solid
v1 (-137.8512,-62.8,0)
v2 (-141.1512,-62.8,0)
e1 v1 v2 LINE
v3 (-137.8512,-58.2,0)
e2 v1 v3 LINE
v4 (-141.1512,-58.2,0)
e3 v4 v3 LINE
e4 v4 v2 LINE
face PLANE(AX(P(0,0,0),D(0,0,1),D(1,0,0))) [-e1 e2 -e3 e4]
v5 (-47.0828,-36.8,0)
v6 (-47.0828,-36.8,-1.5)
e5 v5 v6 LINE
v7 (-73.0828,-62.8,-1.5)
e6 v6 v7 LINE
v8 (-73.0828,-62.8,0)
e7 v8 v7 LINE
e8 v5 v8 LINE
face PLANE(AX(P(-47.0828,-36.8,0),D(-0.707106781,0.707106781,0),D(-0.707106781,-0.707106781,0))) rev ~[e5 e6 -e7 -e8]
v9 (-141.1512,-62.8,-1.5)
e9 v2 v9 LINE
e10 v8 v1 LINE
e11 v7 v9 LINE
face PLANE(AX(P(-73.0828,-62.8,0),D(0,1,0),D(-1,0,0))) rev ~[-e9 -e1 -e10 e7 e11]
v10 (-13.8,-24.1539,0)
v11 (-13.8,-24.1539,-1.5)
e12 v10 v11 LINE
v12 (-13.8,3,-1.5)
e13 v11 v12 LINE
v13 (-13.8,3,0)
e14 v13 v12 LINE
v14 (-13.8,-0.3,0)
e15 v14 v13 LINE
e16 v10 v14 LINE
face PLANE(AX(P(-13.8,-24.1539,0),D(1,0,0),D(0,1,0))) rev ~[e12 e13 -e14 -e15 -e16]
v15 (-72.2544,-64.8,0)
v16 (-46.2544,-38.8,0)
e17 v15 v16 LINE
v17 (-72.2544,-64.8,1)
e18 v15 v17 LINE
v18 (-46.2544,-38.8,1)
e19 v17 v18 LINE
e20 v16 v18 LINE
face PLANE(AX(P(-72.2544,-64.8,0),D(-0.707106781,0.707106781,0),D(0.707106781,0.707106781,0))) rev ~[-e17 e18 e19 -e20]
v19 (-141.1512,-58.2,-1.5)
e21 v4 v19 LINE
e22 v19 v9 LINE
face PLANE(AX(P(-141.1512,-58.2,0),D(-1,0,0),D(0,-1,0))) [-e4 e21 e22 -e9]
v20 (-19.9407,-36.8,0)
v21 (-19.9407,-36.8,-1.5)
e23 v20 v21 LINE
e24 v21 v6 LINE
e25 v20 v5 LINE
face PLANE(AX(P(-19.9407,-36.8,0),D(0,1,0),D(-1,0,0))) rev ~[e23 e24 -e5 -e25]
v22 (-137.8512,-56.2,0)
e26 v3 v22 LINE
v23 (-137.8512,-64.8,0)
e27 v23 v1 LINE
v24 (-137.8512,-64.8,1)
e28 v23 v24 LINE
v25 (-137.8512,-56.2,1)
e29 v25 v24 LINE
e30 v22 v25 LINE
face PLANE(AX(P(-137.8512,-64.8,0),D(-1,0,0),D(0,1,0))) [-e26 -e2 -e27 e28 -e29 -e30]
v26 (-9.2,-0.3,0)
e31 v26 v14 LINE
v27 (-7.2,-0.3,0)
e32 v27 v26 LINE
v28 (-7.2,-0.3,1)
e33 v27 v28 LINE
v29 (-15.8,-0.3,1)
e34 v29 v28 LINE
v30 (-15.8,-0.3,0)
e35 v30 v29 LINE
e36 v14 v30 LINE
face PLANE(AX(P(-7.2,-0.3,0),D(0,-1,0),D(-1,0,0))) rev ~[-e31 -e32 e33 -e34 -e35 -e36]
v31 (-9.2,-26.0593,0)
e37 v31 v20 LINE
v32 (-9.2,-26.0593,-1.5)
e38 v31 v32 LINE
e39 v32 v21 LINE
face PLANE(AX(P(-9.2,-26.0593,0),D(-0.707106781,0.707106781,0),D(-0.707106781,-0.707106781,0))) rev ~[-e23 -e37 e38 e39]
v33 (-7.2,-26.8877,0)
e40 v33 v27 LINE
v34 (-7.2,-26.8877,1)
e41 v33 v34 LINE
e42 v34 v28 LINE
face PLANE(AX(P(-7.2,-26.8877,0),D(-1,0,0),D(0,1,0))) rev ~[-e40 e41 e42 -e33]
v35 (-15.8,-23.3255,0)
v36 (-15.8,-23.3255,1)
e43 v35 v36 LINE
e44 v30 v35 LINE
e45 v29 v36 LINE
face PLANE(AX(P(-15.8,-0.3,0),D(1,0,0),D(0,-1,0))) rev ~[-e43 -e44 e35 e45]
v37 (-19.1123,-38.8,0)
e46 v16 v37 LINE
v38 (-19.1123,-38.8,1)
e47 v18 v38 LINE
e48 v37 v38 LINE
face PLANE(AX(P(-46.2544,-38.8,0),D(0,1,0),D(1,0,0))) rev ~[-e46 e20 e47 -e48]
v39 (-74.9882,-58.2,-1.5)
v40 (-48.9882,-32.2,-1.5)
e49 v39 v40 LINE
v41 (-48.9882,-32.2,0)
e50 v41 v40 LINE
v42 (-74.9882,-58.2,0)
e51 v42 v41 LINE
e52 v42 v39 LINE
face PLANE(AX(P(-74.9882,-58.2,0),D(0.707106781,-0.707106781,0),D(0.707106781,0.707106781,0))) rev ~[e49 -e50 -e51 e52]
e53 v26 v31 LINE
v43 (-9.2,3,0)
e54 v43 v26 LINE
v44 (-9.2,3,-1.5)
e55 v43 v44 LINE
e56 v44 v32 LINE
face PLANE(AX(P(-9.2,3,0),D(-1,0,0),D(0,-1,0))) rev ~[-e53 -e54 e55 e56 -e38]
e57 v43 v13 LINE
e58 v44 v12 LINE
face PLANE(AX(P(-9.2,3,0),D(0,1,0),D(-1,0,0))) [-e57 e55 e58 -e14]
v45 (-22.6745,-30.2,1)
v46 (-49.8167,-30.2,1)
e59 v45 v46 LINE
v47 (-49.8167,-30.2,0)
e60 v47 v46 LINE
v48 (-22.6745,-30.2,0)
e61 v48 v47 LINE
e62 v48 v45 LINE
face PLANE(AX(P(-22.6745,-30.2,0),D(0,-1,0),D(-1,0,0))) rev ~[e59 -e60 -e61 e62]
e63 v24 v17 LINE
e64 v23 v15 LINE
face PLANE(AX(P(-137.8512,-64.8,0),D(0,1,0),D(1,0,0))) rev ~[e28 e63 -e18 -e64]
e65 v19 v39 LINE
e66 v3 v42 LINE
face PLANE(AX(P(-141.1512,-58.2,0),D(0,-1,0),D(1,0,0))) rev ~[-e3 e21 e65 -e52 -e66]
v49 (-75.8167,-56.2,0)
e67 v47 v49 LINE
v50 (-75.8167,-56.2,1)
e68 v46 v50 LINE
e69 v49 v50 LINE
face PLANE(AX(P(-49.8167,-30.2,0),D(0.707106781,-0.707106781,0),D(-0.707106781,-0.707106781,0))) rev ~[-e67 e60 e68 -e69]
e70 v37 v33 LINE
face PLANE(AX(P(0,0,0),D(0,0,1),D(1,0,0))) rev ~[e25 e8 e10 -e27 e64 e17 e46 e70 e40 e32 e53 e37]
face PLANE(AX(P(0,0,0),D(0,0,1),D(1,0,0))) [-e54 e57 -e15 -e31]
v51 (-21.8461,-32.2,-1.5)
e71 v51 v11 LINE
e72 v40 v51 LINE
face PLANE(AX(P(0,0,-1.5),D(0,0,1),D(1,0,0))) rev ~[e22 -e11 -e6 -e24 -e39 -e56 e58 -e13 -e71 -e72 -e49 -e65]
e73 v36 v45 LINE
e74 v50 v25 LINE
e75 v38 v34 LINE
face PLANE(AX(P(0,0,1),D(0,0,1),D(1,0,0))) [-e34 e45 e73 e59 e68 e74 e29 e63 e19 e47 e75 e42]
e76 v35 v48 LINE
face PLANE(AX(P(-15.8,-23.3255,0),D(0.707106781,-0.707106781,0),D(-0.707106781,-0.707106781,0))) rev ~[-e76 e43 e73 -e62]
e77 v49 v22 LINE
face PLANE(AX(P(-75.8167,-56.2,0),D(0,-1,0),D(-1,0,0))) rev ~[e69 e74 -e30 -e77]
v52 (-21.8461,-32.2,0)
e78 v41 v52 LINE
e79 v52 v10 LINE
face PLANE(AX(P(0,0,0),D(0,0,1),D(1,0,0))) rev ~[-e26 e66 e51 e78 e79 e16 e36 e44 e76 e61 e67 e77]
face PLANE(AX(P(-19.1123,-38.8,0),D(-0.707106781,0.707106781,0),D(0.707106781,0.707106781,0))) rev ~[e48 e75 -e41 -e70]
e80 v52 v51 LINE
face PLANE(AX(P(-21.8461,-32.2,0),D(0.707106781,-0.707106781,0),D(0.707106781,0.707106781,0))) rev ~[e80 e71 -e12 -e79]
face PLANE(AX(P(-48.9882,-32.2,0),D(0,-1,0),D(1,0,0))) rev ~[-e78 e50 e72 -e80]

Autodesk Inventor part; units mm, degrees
ref_plane "YZ Plane" through (0, 0, 0) normal (1, 0, 0) x (0, 1, 0)
ref_plane "XZ Plane" through (0, 0, 0) normal (0, 1, 0) x (-1, 0, 0)
ref_plane "XY Plane" through (0, 0, 0) normal (0, 0, 1) x (1, 0, 0)
sketch "Эскиз1" plane through (0, 0, 0) normal (0, 0, 1) x (1, 0, 0)
  line L0 (-75.0711, -58) -> (-141.1512, -58) projected
  line L1 (-141.1512, -58) -> (-141.1512, -4.9289) projected
  line L2 (-141.1512, -4.9289) -> (-133.2223, 3) projected
  line L3 (-14, 3) -> (-133.2223, 3) projected
  line L4 (-14, 3) -> (-14, -24.0711) projected
  line L5 (-14, -24.0711) -> (-21.9289, -32) projected
  line L6 (-21.9289, -32) -> (-49.0711, -32) projected
  line L7 (-49.0711, -32) -> (-75.0711, -58) projected
  line L8 (-131.1512, -2) -> (-136.1512, -7) projected
  line L9 (-136.1512, -7) -> (-136.1512, -13.8712) projected
  line L10 (-136.1512, -13.8712) -> (-136.1512, -19.5281) projected
  line L11 (-136.1512, -19.5281) -> (-136.1512, -26.3992) projected
  line L12 (-136.1512, -26.3992) -> (-136.1512, -27) projected
  line L13 (-136.1512, -27) -> (-131.0951, -27) projected
  line L14 (-131.0951, -27) -> (-124.224, -27) projected
  line L15 (-124.224, -27) -> (-118.5671, -27) projected
  line L16 (-118.5671, -27) -> (-111.696, -27) projected
  line L17 (-111.696, -27) -> (-106.0391, -27) projected
  line L18 (-106.0391, -27) -> (-99.168, -27) projected
  line L19 (-99.168, -27) -> (-93.5111, -27) projected
  line L20 (-93.5111, -27) -> (-86.64, -27) projected
  line L21 (-86.64, -27) -> (-80.9831, -27) projected
  line L22 (-80.9831, -27) -> (-74.112, -27) projected
  line L23 (-74.112, -27) -> (-68.4551, -27) projected
  line L24 (-68.4551, -27) -> (-61.584, -27) projected
  line L25 (-61.584, -27) -> (-55.9271, -27) projected
  line L26 (-55.9271, -27) -> (-49.056, -27) projected
  line L27 (-49.056, -27) -> (-43.3991, -27) projected
  line L28 (-43.3991, -27) -> (-36.528, -27) projected
  line L29 (-36.528, -27) -> (-30.8711, -27) projected
  line L30 (-30.8711, -27) -> (-24, -27) projected
  line L31 (-24, -27) -> (-19, -22) projected
  line L32 (-19, -22) -> (-19, -15.1289) projected
  line L33 (-19, -15.1289) -> (-19, -9.472) projected
  line L34 (-19, -9.472) -> (-19, -2.6009) projected
  line L35 (-19, -2.6009) -> (-19, -2) projected
  line L36 (-19, -2) -> (-24.056, -2) projected
  line L37 (-24.056, -2) -> (-30.9271, -2) projected
  line L38 (-30.9271, -2) -> (-36.584, -2) projected
  line L39 (-36.584, -2) -> (-43.4551, -2) projected
  line L40 (-43.4551, -2) -> (-49.112, -2) projected
  line L41 (-49.112, -2) -> (-55.9831, -2) projected
  line L42 (-55.9831, -2) -> (-61.64, -2) projected
  line L43 (-61.64, -2) -> (-68.5111, -2) projected
  line L44 (-68.5111, -2) -> (-74.168, -2) projected
  line L45 (-74.168, -2) -> (-81.0391, -2) projected
  line L46 (-81.0391, -2) -> (-86.696, -2) projected
  line L47 (-86.696, -2) -> (-93.5671, -2) projected
  line L48 (-93.5671, -2) -> (-99.224, -2) projected
  line L49 (-99.224, -2) -> (-106.0951, -2) projected
  line L50 (-106.0951, -2) -> (-111.752, -2) projected
  line L51 (-111.752, -2) -> (-118.6231, -2) projected
  line L52 (-118.6231, -2) -> (-124.28, -2) projected
  line L53 (-124.28, -2) -> (-131.1512, -2) projected
  line L54 (-141.1512, -69.9) -> (-42.8584, -69.9) projected
  line L55 (-141.1512, -63) -> (-141.1512, -69.9) projected
  line L56 (-141.1512, -63) -> (-73, -63) projected
  line L57 (-73, -63) -> (-47, -37) projected
  line L58 (-47, -37) -> (-19.8579, -37) projected
  line L59 (-19.8579, -37) -> (-9, -26.1421) projected
  line L60 (-9, -26.1421) -> (-9, 3) projected
  line L61 (-9, 3) -> (-2, 3) projected
  line L62 (-2, -29.0416) -> (-2, 3) projected
  line L63 (-42.8584, -69.9) -> (-2, -29.0416) projected
  line L64 (-73.0828, -62.8) -> (-141.3512, -62.8)
  line L65 (-141.3512, -62.8) -> (-141.3512, -70.1)
  line L66 (-141.3512, -70.1) -> (-42.7755, -70.1)
  line L67 (-42.7755, -70.1) -> (-1.8, -29.1245)
  line L68 (-1.8, -29.1245) -> (-1.8, 3.2)
  line L69 (-1.8, 3.2) -> (-9.2, 3.2)
  line L70 (-9.2, 3.2) -> (-9.2, -26.0593)
  line L71 (-9.2, -26.0593) -> (-19.9407, -36.8)
  line L72 (-19.9407, -36.8) -> (-47.0828, -36.8)
  line L73 (-47.0828, -36.8) -> (-73.0828, -62.8)
  line L74 (-141.3512, -58.2) -> (-74.9882, -58.2)
  line L75 (-74.9882, -58.2) -> (-48.9882, -32.2)
  line L76 (-48.9882, -32.2) -> (-21.8461, -32.2)
  line L77 (-21.8461, -32.2) -> (-13.8, -24.1539)
  line L78 (-13.8, -24.1539) -> (-13.8, 3.2)
  line L79 (-13.8, 3.2) -> (-133.3051, 3.2)
  line L80 (-133.3051, 3.2) -> (-141.3512, -4.8461)
  line L81 (-141.3512, -4.8461) -> (-141.3512, -58.2)
  line L82 (-141.1512, -58) -> (-141.1512, -66.7) projected
  line L83 (-5.3, 3) -> (-14, 3) projected
  line L84 (-44.9289, -42) -> (-65.9289, -63) projected
  line L85 (-65.9289, -63) -> (-45.8579, -63) projected
  line L86 (-45.8579, -63) -> (-24.8579, -42) projected
  line L87 (-24.8579, -42) -> (-44.9289, -42) projected
  point P0 (-9.2, 3)
  point P1 (-13.8, 3)
  point P2 (-141.1512, -58.2)
  point P3 (-141.1512, -62.8)
  dimension "d10" = 0.2
  dimension "d11" = 0.2
extrude "Выдавливание1" add sketch "Эскиз1" against normal blind 1.5 contours L74 L75 L76 L77 L78 L83 L70 L71 L72 L73 L64 L82
sketch "Эскиз2" plane through (0, 0, 0) normal (0, 0, 1) x (1, 0, 0)
  line L0 (-19.9407, -36.8) -> (-47.0828, -36.8) projected
  line L1 (-47.0828, -36.8) -> (-73.0828, -62.8) projected
  line L2 (-73.0828, -62.8) -> (-141.1512, -62.8) projected
  line L3 (-141.1512, -62.8) -> (-141.1512, -58.2) projected
  line L4 (-141.1512, -58.2) -> (-74.9882, -58.2) projected
  line L5 (-74.9882, -58.2) -> (-48.9882, -32.2) projected
  line L6 (-48.9882, -32.2) -> (-21.8461, -32.2) projected
  line L7 (-21.8461, -32.2) -> (-13.8, -24.1539) projected
  line L8 (-13.8, -24.1539) -> (-13.8, 3) projected
  line L9 (-13.8, 3) -> (-9.2, 3) projected
  line L10 (-9.2, 3) -> (-9.2, -26.0593) projected
  line L11 (-9.2, -26.0593) -> (-19.9407, -36.8) projected
  line L12 (-75.8167, -56.2) -> (-143.1512, -56.2)
  line L13 (-143.1512, -56.2) -> (-143.1512, -64.8)
  line L14 (-143.1512, -64.8) -> (-72.2544, -64.8)
  line L15 (-72.2544, -64.8) -> (-46.2544, -38.8)
  line L16 (-46.2544, -38.8) -> (-19.1123, -38.8)
  line L17 (-19.1123, -38.8) -> (-7.2, -26.8877)
  line L18 (-7.2, -26.8877) -> (-7.2, 5)
  line L19 (-7.2, 5) -> (-15.8, 5)
  line L20 (-15.8, 5) -> (-15.8, -23.3255)
  line L21 (-15.8, -23.3255) -> (-22.6745, -30.2)
  line L22 (-22.6745, -30.2) -> (-49.8167, -30.2)
  line L23 (-49.8167, -30.2) -> (-75.8167, -56.2)
  line L24 (-138.1512, -66.9) -> (-138.1512, -63) projected
  line L25 (-14, 0) -> (-5.3, 0) projected
  line L26 (-7.2, 0) -> (-7.2, -0.3)
  line L27 (-7.2, -0.3) -> (-15.8, -0.3)
  line L28 (-138.1512, -64.8) -> (-137.8512, -64.8)
  line L29 (-137.8512, -64.8) -> (-137.8512, -56.2)
  dimension "d12" = 2
  dimension "d13" = 0.3
  dimension "d14" = 0.3
extrude "Выдавливание2" add sketch "Эскиз2" along normal blind 1 contours L11 L10 L27 L18 L17 L16 L15 L14 L29 L2 L1 L0 | L0 L1 L2 L29 L4 L5 L6 L7 L8 L27 L10 L11 | L8 L7 L6 L5 L4 L29 L12 L23 L22 L21 L20 L27
properties part number "right_line"
